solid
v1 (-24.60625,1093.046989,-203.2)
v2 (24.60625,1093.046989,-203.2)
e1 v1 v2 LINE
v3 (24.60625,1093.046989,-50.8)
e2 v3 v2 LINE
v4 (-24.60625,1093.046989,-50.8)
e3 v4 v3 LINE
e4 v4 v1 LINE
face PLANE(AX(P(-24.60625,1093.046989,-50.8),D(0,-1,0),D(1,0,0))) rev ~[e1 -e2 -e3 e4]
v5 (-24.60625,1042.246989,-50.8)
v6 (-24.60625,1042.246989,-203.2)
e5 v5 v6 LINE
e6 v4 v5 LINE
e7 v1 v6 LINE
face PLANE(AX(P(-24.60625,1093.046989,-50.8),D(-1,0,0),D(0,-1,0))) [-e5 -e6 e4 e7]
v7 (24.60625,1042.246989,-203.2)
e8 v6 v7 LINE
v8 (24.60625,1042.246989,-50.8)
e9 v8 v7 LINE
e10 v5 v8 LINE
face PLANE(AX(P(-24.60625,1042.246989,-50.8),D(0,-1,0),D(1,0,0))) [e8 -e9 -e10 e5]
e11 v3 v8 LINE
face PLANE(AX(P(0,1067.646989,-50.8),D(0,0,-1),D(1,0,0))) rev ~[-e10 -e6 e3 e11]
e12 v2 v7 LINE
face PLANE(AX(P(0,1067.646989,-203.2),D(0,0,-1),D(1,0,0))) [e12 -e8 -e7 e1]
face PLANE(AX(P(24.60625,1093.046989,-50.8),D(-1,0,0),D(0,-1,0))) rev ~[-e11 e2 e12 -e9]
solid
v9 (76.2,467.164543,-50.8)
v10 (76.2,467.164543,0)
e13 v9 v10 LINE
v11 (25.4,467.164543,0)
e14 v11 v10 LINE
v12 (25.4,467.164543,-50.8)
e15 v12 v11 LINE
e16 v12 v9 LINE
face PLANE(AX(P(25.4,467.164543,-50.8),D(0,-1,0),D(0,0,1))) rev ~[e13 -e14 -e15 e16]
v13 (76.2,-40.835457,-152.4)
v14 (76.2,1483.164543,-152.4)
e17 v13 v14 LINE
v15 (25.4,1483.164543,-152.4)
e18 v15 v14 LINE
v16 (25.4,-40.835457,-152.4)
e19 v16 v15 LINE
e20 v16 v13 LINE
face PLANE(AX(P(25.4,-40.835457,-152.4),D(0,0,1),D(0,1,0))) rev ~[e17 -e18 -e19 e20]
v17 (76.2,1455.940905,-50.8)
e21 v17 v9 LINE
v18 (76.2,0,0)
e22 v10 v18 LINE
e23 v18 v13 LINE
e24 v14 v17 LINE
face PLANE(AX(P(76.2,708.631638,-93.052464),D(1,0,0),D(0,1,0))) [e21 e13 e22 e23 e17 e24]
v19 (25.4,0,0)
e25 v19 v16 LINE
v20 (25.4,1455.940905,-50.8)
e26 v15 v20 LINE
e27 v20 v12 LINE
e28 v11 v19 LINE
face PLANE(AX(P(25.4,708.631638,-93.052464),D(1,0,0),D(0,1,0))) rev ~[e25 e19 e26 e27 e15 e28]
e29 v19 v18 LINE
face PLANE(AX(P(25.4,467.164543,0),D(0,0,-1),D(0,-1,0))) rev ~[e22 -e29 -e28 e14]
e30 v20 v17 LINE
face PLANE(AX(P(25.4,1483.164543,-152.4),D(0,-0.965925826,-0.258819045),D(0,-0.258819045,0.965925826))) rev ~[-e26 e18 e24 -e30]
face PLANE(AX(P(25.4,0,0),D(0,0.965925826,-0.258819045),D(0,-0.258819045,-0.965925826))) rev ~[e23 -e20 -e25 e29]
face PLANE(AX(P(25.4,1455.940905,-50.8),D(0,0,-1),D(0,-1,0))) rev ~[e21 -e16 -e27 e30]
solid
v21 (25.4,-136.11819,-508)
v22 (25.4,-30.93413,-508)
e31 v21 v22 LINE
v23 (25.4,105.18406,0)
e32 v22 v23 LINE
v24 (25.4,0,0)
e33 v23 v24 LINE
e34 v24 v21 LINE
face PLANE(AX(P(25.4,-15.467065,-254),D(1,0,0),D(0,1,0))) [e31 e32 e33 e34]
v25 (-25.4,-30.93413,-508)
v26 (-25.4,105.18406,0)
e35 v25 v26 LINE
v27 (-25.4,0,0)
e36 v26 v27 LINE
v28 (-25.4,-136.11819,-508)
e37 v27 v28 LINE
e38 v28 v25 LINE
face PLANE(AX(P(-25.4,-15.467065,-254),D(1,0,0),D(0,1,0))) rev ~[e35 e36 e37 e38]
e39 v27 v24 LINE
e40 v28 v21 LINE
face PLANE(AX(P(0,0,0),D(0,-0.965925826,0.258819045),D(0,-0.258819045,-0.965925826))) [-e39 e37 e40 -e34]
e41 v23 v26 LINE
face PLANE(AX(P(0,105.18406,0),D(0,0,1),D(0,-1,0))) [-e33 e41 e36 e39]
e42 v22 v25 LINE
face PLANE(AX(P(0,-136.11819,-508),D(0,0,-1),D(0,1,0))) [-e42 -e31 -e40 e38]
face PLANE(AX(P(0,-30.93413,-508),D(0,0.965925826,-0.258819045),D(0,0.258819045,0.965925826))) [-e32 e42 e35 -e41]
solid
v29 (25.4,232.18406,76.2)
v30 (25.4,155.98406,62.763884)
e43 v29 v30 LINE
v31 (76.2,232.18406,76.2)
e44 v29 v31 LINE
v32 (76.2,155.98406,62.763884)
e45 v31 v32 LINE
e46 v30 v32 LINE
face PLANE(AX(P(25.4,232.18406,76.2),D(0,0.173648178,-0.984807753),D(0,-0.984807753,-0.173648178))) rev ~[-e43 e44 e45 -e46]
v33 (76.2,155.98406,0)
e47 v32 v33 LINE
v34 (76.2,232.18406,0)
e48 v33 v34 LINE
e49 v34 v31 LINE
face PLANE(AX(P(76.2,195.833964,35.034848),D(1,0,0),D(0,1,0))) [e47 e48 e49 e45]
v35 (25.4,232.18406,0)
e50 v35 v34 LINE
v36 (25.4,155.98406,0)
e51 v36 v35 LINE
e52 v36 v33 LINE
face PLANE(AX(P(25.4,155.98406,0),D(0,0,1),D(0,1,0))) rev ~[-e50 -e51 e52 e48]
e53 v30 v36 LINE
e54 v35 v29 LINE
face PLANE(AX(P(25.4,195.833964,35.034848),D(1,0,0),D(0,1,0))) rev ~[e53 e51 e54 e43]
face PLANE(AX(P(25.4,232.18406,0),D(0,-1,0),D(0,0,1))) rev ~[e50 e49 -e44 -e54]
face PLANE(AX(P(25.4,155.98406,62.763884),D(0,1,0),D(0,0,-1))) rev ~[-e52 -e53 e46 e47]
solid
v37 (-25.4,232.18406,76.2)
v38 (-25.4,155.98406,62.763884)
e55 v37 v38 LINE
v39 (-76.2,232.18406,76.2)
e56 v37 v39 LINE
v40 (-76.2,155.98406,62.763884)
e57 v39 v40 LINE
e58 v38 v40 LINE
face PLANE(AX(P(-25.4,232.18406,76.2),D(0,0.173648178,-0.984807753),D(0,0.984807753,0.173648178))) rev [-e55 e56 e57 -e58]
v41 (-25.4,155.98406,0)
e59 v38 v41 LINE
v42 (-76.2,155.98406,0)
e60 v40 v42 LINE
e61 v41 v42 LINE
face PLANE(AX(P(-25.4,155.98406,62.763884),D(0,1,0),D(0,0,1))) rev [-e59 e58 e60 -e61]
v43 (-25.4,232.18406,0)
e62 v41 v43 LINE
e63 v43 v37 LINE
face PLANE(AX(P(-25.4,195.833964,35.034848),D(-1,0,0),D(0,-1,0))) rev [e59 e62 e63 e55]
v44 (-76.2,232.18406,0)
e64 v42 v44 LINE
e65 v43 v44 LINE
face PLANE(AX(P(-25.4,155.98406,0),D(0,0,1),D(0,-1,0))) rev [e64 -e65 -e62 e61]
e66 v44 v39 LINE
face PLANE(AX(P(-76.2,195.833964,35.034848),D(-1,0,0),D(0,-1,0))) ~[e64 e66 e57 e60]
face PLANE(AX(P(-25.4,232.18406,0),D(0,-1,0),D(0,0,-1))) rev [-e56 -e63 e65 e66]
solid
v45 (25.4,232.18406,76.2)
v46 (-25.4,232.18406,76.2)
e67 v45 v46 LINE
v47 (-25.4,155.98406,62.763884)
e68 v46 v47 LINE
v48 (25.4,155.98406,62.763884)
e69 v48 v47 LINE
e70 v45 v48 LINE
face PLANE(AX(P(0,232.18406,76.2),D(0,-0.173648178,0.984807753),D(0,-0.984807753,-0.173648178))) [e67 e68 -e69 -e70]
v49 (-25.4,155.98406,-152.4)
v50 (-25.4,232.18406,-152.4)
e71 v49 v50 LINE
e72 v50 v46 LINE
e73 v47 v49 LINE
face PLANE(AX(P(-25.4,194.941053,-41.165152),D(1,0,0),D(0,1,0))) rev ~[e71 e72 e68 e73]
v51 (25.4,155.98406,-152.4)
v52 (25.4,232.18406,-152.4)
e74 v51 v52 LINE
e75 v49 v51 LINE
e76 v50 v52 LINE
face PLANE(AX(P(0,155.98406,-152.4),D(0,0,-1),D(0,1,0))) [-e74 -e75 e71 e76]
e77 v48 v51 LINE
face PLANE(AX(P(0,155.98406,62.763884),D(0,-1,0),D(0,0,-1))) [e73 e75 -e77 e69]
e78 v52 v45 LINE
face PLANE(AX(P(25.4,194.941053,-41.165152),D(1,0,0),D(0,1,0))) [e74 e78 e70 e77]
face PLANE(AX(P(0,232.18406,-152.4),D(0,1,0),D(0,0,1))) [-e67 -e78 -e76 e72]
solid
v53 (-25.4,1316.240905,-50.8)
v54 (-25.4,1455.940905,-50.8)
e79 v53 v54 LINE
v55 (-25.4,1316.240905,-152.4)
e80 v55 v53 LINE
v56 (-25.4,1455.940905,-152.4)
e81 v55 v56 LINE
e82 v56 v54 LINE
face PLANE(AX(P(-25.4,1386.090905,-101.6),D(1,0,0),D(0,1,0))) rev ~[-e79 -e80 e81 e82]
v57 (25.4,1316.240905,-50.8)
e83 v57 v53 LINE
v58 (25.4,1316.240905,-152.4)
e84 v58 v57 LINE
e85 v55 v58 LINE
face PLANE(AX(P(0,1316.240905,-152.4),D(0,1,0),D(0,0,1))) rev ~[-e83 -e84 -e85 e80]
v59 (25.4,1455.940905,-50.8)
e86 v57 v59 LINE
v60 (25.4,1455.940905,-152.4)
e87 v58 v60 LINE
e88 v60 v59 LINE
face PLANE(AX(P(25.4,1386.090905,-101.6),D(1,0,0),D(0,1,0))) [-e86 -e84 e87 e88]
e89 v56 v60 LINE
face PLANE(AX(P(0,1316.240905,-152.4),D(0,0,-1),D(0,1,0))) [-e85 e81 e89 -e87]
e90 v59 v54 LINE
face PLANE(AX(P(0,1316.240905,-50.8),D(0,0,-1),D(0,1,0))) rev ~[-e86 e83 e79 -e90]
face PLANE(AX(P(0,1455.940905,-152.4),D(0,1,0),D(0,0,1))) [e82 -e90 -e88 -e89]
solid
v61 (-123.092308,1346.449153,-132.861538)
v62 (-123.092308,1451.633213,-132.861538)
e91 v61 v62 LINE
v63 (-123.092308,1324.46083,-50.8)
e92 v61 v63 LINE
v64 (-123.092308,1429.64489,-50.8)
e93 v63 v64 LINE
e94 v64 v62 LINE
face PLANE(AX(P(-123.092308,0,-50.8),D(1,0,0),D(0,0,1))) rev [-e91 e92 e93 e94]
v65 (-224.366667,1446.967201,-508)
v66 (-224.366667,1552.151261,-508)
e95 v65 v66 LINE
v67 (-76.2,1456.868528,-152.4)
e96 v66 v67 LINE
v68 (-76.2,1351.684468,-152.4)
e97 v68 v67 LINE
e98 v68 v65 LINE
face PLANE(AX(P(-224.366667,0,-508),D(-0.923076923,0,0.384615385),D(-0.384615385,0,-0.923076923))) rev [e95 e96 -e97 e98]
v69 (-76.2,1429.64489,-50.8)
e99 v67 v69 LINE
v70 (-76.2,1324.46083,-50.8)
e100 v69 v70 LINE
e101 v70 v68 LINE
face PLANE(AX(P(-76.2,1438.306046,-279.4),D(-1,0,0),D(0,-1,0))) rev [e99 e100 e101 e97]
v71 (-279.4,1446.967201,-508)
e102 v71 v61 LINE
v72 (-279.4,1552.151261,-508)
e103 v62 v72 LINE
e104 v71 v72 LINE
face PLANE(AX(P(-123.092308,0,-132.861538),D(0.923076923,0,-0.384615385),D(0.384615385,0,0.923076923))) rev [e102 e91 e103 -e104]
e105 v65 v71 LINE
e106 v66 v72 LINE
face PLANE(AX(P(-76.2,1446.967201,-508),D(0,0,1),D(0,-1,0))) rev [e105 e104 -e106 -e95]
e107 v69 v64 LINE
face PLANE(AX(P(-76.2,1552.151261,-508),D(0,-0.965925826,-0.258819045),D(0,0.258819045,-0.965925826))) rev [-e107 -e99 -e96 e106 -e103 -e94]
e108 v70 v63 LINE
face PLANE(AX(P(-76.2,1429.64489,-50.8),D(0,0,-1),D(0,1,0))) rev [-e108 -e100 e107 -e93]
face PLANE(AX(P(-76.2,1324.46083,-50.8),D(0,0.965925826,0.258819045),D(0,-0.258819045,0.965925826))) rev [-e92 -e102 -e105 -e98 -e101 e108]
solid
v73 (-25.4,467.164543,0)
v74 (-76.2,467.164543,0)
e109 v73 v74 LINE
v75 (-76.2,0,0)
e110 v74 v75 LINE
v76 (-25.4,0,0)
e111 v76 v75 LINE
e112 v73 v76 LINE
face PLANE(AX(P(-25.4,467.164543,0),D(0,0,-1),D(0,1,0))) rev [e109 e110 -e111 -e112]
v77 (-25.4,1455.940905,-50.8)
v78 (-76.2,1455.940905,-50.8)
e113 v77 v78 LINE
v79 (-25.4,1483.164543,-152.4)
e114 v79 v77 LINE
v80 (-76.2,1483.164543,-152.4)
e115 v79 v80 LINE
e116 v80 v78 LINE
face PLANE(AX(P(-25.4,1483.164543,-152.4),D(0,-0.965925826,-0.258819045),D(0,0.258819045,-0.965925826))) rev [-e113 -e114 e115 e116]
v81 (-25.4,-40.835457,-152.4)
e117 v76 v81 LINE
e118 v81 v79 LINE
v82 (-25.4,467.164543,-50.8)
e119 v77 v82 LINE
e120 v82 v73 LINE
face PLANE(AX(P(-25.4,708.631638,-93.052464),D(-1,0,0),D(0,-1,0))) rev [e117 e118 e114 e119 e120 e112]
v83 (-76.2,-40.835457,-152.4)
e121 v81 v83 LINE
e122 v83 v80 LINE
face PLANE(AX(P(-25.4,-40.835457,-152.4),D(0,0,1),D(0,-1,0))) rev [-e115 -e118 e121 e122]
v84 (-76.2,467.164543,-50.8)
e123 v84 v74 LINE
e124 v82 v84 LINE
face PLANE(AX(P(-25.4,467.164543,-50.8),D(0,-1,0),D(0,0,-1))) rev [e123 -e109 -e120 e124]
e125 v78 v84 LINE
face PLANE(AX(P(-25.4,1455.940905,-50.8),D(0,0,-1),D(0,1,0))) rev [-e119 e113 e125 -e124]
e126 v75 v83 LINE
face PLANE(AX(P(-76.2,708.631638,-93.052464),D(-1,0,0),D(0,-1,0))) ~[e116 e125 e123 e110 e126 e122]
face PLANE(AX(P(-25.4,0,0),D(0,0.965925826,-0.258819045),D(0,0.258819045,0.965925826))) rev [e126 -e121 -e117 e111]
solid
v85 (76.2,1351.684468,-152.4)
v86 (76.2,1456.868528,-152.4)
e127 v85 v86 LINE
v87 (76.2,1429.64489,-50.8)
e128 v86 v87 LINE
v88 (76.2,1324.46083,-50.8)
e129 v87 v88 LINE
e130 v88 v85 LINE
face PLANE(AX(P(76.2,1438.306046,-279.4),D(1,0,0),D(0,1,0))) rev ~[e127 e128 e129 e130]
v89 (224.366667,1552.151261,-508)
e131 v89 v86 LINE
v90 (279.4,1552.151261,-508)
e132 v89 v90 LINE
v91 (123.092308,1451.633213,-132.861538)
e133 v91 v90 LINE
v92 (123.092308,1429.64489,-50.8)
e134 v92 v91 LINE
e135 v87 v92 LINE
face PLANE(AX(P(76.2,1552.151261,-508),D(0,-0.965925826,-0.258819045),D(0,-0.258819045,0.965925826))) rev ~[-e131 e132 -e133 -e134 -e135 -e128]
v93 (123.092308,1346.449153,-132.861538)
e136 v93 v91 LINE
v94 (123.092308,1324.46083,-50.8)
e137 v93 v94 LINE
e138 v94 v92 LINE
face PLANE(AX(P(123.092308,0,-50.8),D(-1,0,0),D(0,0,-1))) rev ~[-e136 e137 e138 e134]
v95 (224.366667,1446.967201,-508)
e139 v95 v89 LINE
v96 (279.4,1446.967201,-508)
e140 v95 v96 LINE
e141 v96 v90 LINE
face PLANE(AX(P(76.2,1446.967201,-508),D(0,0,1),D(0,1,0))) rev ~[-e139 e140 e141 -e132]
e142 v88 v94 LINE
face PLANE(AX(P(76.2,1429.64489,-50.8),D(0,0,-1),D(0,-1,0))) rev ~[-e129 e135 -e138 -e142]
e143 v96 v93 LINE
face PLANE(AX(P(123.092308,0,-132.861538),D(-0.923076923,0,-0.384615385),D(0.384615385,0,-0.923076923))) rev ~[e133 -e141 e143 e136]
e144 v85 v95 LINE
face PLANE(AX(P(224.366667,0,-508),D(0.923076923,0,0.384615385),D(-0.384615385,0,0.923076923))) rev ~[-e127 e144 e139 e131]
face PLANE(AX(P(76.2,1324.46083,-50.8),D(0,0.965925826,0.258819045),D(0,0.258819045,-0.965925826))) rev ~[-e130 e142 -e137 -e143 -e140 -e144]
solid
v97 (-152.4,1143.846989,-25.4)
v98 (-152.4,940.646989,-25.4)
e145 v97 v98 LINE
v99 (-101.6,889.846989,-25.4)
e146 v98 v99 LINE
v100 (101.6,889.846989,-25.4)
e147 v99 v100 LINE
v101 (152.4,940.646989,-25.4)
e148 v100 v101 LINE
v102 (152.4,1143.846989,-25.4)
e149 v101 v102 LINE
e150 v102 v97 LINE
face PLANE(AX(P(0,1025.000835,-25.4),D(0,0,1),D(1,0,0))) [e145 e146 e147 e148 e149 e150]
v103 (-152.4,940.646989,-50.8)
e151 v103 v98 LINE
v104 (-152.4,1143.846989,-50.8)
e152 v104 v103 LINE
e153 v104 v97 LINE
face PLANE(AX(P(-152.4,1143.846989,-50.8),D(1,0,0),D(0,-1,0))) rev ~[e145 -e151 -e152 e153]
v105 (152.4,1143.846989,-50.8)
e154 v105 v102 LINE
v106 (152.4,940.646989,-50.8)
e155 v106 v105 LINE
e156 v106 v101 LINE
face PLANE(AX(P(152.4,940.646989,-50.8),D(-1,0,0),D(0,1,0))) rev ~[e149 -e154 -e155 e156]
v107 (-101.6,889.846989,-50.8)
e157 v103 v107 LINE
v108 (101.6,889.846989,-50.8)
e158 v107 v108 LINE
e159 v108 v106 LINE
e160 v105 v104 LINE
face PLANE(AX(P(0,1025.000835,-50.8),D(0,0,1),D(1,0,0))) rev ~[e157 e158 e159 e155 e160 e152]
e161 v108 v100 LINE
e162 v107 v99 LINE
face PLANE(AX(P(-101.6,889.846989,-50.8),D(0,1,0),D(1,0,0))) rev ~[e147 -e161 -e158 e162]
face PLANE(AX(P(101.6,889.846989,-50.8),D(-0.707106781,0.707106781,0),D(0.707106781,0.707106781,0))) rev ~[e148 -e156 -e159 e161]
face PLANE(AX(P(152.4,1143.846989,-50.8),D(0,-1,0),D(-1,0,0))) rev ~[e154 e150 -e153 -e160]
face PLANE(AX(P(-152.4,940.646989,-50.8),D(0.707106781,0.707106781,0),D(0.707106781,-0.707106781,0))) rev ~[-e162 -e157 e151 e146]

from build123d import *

# Parameters (mm, degrees)
F2_DEPTH  = 50.8
F4_DEPTH  = 25.4
F6_DEPTH  = 203.2
F8_DEPTH  = 1552.1522609196
F10_W     = 139.7
F10_H     = 101.6
F11_DEPTH = 25.4
F13_DEPTH = 25.4
F14_W     = 49.2125
F14_H     = 50.8
F15_DEPTH = 152.4
F17_DEPTH = 25.4
F19_DEPTH = 50.8


with BuildPart() as f2:
    # F1 (on offset) → F2 (new body)
    with BuildSketch(Plane.YZ.offset(25.4)):
        Polygon((467.1645430735, 0), (0, 0), (-40.8354569265, -152.4), (1483.1645430735, -152.4), (1455.9409051225, -50.8), (467.1645430735, -50.8), align=None)
    extrude(amount=F2_DEPTH)


with BuildPart() as f4:
    # F3 (on Right) → F4 (new body, symmetric)
    with BuildSketch(Plane.YZ):
        Polygon((105.1840599297, 0), (0, 0), (-136.118189755, -508), (-30.9341298253, -508), align=None)
    extrude(amount=F4_DEPTH, both=True)


with BuildPart() as f6:
    # F5 (on face) → F6 (new body)
    with BuildSketch(Plane.YZ.offset(76.2)):
        Polygon((1429.6448901401, -50.8), (1324.4608302104, -50.8), (1446.9672009899, -508), (1552.1512609196, -508), align=None)
    extrude(amount=F6_DEPTH)

    # F7 (on Front) → F8 (cut, through all)
    with BuildSketch(Plane.XZ):
        Polygon((224.3666666667, -508), (76.2, -152.4), (76.2, -508), align=None)
        Polygon((123.0923076923, -132.8615384615), (279.4, -508), (279.4, -50.8), (123.0923076923, -50.8), align=None)
    extrude(amount=-F8_DEPTH, mode=Mode.SUBTRACT)


with BuildPart() as f9_1:
    # F9: instance of F2
    add(f2.part.mirror(Plane.YZ))


with BuildPart() as f9_2:
    # F9: instance of F6
    add(f6.part.mirror(Plane.YZ))


with BuildPart() as f11:
    # F10 (on Right) → F11 (new body, symmetric)
    with BuildSketch(Plane.YZ):
        with Locations((1386.0909051225, -101.6)):
            Rectangle(F10_W, F10_H)
    extrude(amount=F11_DEPTH, both=True)


with BuildPart() as f13:
    # F12 (on face) → F13 (new body)
    with BuildSketch(Plane.XY.offset(-50.8)):
        Polygon((152.4, 1143.846988678), (0, 1143.846988678), (-152.4, 1143.846988678), (-152.4, 940.646988678), (-101.6, 889.846988678), (0, 889.846988678), (101.6, 889.846988678), (152.4, 940.646988678), align=None)
    extrude(amount=F13_DEPTH)


with BuildPart() as f15:
    # F14 (on face) → F15 (new body)
    with BuildSketch(Plane(origin=(0, 0, -50.8), x_dir=(1, 0, 0), z_dir=(0, 0, -1))):
        with Locations((0, -1067.646988678)):
            Rectangle(F14_W, F14_H)
    extrude(amount=F15_DEPTH)


with BuildPart() as f17:
    # F16 (on Right) → F17 (new body, symmetric)
    with BuildSketch(Plane.YZ):
        Polygon((155.9840599297, 62.76388407), (155.9840599297, -152.4), (232.1840599297, -152.4), (232.1840599297, 76.2), align=None)
    extrude(amount=F17_DEPTH, both=True)


with BuildPart() as f19:
    # F18 (on face) → F19 (new body)
    with BuildSketch(Plane.YZ.offset(25.4)):
        Polygon((232.1840599297, 0), (232.1840599297, 76.2), (155.9840599297, 62.76388407), (155.9840599297, 0), align=None)
    extrude(amount=F19_DEPTH)


with BuildPart() as f20_1:
    # F20: instance of F19
    add(f19.part.mirror(Plane.YZ))


solid = Compound([f2.part, f4.part, f6.part, f9_1.part, f9_2.part, f11.part, f13.part, f15.part, f17.part, f19.part, f20_1.part])
